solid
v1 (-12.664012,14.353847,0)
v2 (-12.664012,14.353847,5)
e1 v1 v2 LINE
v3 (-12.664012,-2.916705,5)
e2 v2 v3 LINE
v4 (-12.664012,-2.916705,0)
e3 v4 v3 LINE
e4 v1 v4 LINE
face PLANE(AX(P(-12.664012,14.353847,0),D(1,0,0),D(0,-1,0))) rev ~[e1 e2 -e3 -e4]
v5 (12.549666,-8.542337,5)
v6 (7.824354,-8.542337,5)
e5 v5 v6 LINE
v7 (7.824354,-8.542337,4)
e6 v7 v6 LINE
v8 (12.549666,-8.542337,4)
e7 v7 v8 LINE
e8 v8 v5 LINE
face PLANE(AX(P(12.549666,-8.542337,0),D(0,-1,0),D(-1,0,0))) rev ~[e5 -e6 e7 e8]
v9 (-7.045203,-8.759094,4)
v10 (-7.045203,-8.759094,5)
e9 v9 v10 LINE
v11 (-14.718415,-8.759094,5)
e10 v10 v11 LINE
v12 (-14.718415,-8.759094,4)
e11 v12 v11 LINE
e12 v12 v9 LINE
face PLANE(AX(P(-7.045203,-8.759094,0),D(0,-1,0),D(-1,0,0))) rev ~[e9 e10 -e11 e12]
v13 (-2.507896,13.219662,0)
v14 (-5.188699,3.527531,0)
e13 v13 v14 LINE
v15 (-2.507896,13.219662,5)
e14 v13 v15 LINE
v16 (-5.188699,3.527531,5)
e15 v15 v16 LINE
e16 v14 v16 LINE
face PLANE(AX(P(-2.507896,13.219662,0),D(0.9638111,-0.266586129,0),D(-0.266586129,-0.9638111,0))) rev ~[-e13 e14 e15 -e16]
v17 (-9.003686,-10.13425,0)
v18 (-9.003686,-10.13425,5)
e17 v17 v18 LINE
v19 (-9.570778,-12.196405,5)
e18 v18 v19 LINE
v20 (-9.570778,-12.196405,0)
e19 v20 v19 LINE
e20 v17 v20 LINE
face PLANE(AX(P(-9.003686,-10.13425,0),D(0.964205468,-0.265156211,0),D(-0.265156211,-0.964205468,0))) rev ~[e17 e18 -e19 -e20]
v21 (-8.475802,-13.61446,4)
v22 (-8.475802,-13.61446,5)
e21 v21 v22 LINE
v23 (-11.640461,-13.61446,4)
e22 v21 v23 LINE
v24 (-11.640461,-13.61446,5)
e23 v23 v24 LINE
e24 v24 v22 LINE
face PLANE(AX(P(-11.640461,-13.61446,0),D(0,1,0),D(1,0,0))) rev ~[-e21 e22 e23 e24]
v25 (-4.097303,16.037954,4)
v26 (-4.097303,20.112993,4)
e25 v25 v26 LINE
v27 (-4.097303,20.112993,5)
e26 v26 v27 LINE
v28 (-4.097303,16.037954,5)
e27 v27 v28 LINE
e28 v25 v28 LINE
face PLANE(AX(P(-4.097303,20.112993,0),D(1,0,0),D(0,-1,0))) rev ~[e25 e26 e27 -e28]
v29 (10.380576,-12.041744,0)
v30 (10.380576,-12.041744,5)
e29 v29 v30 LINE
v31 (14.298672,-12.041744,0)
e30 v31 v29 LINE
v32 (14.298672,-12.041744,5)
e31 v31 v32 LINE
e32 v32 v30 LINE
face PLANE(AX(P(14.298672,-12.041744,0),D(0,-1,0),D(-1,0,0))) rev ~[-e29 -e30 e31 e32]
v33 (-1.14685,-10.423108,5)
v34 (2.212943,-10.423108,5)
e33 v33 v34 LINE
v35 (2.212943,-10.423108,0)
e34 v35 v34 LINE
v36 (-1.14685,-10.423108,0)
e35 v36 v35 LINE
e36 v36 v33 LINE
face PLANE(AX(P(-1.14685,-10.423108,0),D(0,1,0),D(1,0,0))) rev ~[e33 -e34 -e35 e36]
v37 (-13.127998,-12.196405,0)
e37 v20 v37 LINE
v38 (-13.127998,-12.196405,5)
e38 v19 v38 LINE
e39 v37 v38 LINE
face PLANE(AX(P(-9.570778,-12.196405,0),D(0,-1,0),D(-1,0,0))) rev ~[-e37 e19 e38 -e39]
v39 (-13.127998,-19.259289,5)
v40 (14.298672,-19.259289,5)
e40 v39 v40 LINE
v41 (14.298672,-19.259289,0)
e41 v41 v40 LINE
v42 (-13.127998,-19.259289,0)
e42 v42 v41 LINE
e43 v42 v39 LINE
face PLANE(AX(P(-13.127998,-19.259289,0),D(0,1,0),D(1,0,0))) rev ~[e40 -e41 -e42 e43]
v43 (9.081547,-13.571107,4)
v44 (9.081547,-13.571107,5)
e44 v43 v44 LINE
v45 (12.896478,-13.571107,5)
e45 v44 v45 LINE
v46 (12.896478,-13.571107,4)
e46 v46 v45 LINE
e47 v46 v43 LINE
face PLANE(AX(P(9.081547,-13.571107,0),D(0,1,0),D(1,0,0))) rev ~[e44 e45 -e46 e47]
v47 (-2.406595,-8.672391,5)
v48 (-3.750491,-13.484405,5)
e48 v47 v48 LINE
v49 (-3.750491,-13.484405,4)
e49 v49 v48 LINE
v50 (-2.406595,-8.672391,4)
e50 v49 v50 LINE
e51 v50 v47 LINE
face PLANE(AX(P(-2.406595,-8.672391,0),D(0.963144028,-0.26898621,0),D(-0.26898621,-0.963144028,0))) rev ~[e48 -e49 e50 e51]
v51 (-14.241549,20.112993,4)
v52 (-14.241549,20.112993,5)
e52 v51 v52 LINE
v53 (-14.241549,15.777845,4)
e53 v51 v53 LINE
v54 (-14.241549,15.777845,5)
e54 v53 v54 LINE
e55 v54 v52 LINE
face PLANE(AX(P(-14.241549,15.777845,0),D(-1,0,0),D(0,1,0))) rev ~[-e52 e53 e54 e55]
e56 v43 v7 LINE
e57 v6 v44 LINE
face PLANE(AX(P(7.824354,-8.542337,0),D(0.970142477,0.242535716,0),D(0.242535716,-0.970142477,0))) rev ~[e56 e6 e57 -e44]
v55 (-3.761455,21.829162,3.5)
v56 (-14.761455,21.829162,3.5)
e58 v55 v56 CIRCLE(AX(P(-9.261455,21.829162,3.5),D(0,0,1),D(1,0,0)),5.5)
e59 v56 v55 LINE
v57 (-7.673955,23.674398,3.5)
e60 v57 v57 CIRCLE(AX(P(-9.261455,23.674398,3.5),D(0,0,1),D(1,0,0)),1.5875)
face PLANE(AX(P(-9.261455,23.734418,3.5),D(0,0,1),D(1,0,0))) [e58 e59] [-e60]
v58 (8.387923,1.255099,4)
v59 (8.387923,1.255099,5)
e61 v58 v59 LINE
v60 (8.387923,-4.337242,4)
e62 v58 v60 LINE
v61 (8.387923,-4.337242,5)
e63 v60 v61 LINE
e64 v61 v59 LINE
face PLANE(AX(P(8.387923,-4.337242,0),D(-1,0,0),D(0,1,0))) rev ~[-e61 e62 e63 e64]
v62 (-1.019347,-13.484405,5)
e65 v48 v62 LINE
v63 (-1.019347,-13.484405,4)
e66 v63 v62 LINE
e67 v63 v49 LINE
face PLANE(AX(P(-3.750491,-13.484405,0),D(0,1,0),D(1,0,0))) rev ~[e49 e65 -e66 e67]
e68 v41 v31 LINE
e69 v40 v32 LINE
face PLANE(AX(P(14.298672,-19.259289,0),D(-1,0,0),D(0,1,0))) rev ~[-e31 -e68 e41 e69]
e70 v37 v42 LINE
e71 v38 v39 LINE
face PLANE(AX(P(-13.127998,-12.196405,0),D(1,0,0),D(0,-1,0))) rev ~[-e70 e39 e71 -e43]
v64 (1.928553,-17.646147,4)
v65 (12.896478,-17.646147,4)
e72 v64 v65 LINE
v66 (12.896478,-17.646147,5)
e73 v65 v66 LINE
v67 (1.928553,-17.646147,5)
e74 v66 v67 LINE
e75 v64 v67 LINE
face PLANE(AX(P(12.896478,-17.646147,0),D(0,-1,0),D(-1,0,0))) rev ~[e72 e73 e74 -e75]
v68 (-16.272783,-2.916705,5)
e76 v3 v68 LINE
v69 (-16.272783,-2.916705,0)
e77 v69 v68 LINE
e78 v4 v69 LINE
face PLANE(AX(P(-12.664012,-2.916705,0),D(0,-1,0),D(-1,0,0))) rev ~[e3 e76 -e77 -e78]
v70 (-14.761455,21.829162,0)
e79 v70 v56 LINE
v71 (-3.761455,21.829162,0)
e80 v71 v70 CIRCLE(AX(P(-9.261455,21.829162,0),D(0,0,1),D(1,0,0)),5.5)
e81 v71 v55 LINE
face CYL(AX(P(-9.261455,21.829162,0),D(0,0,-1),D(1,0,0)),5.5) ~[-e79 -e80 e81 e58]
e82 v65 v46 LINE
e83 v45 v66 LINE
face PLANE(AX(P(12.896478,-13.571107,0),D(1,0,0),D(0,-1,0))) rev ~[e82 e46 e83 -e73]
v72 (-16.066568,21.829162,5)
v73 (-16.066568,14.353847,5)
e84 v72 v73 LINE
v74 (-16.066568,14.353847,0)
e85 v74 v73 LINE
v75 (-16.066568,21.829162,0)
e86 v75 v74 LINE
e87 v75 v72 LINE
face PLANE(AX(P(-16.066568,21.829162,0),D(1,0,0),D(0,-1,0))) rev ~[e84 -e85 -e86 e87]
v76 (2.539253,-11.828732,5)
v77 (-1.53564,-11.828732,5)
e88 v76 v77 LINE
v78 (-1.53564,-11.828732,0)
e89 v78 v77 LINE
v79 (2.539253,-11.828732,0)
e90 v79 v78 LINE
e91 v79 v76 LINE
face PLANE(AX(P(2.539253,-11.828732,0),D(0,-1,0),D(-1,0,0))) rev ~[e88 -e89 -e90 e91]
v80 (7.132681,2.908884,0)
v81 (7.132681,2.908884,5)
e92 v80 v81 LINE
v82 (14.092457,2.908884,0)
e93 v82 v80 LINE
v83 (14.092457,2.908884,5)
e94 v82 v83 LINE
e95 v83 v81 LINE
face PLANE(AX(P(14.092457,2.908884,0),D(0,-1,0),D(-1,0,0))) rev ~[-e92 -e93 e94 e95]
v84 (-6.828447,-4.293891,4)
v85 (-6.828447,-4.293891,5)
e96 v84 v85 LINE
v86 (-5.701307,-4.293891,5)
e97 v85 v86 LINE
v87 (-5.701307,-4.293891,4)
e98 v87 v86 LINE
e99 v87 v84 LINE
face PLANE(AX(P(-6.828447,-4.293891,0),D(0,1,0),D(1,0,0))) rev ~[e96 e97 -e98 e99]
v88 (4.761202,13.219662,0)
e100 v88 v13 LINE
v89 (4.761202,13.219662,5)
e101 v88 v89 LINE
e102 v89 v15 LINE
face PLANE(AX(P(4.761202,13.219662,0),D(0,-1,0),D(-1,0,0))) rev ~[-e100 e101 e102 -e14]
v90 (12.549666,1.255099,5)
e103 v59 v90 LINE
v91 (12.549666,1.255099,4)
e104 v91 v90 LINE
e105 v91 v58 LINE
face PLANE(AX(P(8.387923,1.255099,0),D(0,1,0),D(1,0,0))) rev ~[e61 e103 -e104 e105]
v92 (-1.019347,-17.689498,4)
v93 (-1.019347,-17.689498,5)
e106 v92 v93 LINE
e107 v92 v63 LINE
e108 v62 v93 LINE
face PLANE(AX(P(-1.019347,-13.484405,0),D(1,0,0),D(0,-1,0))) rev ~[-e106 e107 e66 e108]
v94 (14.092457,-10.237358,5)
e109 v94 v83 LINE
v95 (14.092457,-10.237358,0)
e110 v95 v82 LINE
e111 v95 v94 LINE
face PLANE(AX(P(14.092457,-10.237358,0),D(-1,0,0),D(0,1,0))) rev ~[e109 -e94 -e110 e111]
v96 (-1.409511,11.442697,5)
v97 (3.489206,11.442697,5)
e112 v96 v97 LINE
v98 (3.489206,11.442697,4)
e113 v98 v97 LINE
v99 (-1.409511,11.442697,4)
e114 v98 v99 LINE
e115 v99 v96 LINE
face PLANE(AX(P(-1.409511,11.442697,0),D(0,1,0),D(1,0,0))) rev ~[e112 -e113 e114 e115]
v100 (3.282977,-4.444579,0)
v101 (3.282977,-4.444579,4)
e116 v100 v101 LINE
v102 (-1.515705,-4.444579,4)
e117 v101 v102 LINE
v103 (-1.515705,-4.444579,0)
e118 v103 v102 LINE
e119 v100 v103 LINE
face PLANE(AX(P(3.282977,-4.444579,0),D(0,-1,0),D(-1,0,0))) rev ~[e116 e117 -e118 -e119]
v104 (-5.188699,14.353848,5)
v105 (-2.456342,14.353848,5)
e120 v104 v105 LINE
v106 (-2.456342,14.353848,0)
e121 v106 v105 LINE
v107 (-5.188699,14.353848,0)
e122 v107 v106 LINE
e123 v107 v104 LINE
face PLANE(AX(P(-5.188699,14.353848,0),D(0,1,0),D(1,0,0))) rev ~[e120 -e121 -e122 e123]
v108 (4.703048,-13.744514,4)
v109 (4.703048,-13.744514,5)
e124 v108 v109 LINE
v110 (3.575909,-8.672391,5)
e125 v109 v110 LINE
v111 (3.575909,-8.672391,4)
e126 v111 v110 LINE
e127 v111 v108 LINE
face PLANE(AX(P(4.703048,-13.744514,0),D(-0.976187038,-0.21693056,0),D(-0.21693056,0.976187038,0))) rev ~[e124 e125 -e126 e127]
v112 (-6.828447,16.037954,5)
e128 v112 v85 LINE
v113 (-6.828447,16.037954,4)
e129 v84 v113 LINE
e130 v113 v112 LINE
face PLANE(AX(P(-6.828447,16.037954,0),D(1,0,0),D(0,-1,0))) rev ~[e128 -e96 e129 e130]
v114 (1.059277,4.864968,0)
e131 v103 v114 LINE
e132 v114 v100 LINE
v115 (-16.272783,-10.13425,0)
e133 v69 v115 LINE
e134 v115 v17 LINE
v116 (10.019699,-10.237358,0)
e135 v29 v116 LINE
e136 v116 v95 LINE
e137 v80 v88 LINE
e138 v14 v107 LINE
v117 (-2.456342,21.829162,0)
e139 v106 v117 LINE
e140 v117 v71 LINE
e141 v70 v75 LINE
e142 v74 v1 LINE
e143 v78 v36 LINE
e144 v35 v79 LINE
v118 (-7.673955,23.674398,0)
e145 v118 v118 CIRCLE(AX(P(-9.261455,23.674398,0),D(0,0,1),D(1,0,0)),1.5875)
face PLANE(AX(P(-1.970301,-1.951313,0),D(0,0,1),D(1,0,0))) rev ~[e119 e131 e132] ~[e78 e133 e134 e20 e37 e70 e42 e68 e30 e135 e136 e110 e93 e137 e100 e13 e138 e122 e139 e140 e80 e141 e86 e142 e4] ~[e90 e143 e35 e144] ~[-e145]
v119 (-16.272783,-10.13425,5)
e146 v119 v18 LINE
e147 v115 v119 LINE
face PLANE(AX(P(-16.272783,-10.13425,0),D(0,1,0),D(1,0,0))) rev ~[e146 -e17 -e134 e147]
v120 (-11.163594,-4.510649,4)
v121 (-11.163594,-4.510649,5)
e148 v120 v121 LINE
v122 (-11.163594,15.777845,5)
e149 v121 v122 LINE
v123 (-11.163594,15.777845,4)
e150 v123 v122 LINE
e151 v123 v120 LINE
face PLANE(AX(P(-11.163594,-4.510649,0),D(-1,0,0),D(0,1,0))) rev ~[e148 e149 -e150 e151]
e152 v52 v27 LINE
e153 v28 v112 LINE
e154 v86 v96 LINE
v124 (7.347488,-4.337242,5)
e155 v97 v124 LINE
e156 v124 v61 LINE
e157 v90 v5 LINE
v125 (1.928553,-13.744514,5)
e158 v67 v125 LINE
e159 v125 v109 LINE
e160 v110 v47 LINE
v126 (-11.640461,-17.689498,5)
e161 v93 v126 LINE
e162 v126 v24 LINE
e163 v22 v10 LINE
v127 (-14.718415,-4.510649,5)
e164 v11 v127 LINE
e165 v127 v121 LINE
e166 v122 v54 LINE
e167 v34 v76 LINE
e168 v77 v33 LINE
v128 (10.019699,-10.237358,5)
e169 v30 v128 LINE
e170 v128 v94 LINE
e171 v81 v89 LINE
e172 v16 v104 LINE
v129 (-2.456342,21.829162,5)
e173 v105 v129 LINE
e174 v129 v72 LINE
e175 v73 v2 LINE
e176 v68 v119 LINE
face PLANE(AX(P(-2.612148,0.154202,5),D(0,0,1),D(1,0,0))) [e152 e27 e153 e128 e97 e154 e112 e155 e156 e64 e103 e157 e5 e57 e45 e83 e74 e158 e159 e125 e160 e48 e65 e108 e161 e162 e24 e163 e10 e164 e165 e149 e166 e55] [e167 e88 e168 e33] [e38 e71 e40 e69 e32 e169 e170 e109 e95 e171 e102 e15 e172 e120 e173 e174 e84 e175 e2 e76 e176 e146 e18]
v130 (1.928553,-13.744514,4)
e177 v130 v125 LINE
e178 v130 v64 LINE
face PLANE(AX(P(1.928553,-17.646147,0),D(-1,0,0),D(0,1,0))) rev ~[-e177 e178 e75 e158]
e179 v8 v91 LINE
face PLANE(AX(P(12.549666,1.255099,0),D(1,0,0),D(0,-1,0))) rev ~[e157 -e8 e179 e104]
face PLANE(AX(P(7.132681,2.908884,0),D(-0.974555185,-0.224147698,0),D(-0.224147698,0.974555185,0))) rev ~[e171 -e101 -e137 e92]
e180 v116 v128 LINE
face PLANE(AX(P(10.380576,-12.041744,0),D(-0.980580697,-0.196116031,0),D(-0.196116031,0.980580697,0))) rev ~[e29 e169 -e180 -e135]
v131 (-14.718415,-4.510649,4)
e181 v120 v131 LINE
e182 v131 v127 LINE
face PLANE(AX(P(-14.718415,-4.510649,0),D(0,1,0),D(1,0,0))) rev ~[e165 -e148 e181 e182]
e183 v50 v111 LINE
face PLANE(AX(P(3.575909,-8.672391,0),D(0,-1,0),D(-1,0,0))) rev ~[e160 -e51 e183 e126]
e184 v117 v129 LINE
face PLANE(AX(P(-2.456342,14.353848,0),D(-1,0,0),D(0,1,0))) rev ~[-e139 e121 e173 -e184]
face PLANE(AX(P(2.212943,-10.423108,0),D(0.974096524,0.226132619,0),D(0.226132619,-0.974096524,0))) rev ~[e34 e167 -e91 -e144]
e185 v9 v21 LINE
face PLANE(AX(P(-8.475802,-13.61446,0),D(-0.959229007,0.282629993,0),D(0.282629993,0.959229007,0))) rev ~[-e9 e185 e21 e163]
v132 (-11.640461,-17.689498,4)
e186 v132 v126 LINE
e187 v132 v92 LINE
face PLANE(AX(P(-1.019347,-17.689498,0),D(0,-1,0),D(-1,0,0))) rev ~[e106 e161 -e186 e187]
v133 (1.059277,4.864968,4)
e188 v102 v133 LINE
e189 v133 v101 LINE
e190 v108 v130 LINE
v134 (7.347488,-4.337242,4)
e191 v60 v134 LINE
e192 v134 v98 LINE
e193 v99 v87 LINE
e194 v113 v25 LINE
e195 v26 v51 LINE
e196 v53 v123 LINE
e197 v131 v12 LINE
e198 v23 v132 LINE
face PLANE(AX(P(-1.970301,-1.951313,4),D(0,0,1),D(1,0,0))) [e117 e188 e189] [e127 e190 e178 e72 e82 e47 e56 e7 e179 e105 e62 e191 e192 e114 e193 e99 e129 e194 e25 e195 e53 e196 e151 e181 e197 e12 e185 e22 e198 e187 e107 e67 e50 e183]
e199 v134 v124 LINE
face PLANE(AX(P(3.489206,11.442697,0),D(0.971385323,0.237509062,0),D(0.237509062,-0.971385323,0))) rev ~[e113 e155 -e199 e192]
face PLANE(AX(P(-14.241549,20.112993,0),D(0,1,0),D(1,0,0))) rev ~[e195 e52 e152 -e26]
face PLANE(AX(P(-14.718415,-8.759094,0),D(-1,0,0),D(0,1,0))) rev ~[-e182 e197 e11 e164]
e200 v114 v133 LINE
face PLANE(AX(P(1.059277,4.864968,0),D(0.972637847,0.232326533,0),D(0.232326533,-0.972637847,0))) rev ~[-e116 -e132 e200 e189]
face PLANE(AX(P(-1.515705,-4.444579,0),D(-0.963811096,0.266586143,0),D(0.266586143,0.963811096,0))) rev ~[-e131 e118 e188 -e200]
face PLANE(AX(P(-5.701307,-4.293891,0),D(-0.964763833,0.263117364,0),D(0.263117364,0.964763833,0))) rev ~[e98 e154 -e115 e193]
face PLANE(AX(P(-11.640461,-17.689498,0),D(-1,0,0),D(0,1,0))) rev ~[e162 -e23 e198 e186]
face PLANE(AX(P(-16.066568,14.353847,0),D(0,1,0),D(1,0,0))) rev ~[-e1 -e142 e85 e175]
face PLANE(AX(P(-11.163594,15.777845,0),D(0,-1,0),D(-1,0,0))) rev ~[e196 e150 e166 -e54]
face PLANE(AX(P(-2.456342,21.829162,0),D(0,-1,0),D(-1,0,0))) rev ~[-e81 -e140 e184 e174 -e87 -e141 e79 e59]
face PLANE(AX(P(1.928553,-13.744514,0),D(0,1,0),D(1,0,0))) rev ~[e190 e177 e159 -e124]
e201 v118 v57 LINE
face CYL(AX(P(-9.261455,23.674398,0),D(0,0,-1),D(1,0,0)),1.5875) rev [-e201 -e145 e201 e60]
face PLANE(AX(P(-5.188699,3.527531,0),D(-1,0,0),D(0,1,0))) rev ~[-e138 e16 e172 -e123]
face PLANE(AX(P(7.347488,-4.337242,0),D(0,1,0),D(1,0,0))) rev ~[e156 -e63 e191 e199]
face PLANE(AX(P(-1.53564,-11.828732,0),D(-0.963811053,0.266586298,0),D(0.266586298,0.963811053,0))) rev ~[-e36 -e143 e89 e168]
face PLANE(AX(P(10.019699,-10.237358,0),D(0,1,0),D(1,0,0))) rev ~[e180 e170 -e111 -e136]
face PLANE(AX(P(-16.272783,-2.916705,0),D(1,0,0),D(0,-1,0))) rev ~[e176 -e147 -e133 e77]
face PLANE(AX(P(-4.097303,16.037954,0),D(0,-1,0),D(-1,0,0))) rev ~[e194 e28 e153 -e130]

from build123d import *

# Parameters (mm, degrees)
F1_DEPTH = 5
F0_R     = 1.5875
F2_DEPTH = 3.5
F3_DEPTH = 4


with BuildPart() as f1:
    # F0 (on Top) → F1 (new body)
    with BuildSketch(Plane.XY):
        Polygon((-14.761455, 21.829162), (-16.066568, 21.829162), (-16.066568, 14.353847), (-12.664012, 14.353847), (-12.664012, -2.916705), (-16.272783, -2.916705), (-16.272783, -10.13425), (-9.003686, -10.13425), (-9.570778, -12.196405), (-13.127998, -12.196405), (-13.127998, -19.259289), (14.298672, -19.259289), (14.298672, -12.041744), (10.380576, -12.041744), (10.019699, -10.237358), (14.092457, -10.237358), (14.092457, 2.908884), (7.132681, 2.908884), (4.761202, 13.219662), (-2.507896, 13.219662), (-5.188699, 3.527531), (-5.188699, 14.353848), (-2.456342, 14.353848), (-2.456342, 21.829162), (-3.761455, 21.829162), align=None)
        Polygon((-1.53564, -11.828732), (-1.14685, -10.423108), (2.212943, -10.423108), (2.539253, -11.828732), align=None, mode=Mode.SUBTRACT)
        Polygon((-14.241549, 15.777845), (-14.241549, 20.112993), (-4.097303, 20.112993), (-4.097303, 16.037954), (-6.828447, 16.037954), (-6.828447, -4.293891), (-5.701307, -4.293891), (-1.409511, 11.442697), (3.489206, 11.442697), (7.347488, -4.337242), (8.387923, -4.337242), (8.387923, 1.255099), (12.549666, 1.255099), (12.549666, -8.542337), (7.824354, -8.542337), (9.081547, -13.571107), (12.896478, -13.571107), (12.896478, -17.646147), (1.928553, -17.646147), (1.928553, -13.744514), (4.703048, -13.744514), (3.575909, -8.672391), (-2.406595, -8.672391), (-3.750491, -13.484405), (-1.019347, -13.484405), (-1.019347, -17.689498), (-11.640461, -17.689498), (-11.640461, -13.61446), (-8.475802, -13.61446), (-7.045203, -8.759094), (-14.718415, -8.759094), (-14.718415, -4.510649), (-11.163594, -4.510649), (-11.163594, 15.777845), align=None, mode=Mode.SUBTRACT)
    extrude(amount=F1_DEPTH)

    # F0 (on Top) → F2 (join)
    with BuildSketch(Plane.XY):
        with BuildLine():
            ThreePointArc((-3.761455, 21.829162), (-9.261455, 27.329162), (-14.761455, 21.829162))
            Line((-14.761455, 21.829162), (-3.761455, 21.829162))
        make_face()
        with Locations((-9.261455, 23.674398)):
            Circle(F0_R, mode=Mode.SUBTRACT)
    extrude(amount=F2_DEPTH)

    # F0 (on Top) → F3 (join)
    with BuildSketch(Plane.XY):
        Polygon((-4.097303, 20.112993), (-14.241549, 20.112993), (-14.241549, 15.777845), (-11.163594, 15.777845), (-11.163594, -4.510649), (-14.718415, -4.510649), (-14.718415, -8.759094), (-7.045203, -8.759094), (-8.475802, -13.61446), (-11.640461, -13.61446), (-11.640461, -17.689498), (-1.019347, -17.689498), (-1.019347, -13.484405), (-3.750491, -13.484405), (-2.406595, -8.672391), (3.575909, -8.672391), (4.703048, -13.744514), (1.928553, -13.744514), (1.928553, -17.646147), (12.896478, -17.646147), (12.896478, -13.571107), (9.081547, -13.571107), (7.824354, -8.542337), (12.549666, -8.542337), (12.549666, 1.255099), (8.387923, 1.255099), (8.387923, -4.337242), (7.347488, -4.337242), (3.489206, 11.442697), (-1.409511, 11.442697), (-5.701307, -4.293891), (-6.828447, -4.293891), (-6.828447, 16.037954), (-4.097303, 16.037954), align=None)
        Polygon((-1.515705, -4.444579), (1.059277, 4.864968), (3.282977, -4.444579), align=None, mode=Mode.SUBTRACT)
    extrude(amount=F3_DEPTH)


solid = f1.part
